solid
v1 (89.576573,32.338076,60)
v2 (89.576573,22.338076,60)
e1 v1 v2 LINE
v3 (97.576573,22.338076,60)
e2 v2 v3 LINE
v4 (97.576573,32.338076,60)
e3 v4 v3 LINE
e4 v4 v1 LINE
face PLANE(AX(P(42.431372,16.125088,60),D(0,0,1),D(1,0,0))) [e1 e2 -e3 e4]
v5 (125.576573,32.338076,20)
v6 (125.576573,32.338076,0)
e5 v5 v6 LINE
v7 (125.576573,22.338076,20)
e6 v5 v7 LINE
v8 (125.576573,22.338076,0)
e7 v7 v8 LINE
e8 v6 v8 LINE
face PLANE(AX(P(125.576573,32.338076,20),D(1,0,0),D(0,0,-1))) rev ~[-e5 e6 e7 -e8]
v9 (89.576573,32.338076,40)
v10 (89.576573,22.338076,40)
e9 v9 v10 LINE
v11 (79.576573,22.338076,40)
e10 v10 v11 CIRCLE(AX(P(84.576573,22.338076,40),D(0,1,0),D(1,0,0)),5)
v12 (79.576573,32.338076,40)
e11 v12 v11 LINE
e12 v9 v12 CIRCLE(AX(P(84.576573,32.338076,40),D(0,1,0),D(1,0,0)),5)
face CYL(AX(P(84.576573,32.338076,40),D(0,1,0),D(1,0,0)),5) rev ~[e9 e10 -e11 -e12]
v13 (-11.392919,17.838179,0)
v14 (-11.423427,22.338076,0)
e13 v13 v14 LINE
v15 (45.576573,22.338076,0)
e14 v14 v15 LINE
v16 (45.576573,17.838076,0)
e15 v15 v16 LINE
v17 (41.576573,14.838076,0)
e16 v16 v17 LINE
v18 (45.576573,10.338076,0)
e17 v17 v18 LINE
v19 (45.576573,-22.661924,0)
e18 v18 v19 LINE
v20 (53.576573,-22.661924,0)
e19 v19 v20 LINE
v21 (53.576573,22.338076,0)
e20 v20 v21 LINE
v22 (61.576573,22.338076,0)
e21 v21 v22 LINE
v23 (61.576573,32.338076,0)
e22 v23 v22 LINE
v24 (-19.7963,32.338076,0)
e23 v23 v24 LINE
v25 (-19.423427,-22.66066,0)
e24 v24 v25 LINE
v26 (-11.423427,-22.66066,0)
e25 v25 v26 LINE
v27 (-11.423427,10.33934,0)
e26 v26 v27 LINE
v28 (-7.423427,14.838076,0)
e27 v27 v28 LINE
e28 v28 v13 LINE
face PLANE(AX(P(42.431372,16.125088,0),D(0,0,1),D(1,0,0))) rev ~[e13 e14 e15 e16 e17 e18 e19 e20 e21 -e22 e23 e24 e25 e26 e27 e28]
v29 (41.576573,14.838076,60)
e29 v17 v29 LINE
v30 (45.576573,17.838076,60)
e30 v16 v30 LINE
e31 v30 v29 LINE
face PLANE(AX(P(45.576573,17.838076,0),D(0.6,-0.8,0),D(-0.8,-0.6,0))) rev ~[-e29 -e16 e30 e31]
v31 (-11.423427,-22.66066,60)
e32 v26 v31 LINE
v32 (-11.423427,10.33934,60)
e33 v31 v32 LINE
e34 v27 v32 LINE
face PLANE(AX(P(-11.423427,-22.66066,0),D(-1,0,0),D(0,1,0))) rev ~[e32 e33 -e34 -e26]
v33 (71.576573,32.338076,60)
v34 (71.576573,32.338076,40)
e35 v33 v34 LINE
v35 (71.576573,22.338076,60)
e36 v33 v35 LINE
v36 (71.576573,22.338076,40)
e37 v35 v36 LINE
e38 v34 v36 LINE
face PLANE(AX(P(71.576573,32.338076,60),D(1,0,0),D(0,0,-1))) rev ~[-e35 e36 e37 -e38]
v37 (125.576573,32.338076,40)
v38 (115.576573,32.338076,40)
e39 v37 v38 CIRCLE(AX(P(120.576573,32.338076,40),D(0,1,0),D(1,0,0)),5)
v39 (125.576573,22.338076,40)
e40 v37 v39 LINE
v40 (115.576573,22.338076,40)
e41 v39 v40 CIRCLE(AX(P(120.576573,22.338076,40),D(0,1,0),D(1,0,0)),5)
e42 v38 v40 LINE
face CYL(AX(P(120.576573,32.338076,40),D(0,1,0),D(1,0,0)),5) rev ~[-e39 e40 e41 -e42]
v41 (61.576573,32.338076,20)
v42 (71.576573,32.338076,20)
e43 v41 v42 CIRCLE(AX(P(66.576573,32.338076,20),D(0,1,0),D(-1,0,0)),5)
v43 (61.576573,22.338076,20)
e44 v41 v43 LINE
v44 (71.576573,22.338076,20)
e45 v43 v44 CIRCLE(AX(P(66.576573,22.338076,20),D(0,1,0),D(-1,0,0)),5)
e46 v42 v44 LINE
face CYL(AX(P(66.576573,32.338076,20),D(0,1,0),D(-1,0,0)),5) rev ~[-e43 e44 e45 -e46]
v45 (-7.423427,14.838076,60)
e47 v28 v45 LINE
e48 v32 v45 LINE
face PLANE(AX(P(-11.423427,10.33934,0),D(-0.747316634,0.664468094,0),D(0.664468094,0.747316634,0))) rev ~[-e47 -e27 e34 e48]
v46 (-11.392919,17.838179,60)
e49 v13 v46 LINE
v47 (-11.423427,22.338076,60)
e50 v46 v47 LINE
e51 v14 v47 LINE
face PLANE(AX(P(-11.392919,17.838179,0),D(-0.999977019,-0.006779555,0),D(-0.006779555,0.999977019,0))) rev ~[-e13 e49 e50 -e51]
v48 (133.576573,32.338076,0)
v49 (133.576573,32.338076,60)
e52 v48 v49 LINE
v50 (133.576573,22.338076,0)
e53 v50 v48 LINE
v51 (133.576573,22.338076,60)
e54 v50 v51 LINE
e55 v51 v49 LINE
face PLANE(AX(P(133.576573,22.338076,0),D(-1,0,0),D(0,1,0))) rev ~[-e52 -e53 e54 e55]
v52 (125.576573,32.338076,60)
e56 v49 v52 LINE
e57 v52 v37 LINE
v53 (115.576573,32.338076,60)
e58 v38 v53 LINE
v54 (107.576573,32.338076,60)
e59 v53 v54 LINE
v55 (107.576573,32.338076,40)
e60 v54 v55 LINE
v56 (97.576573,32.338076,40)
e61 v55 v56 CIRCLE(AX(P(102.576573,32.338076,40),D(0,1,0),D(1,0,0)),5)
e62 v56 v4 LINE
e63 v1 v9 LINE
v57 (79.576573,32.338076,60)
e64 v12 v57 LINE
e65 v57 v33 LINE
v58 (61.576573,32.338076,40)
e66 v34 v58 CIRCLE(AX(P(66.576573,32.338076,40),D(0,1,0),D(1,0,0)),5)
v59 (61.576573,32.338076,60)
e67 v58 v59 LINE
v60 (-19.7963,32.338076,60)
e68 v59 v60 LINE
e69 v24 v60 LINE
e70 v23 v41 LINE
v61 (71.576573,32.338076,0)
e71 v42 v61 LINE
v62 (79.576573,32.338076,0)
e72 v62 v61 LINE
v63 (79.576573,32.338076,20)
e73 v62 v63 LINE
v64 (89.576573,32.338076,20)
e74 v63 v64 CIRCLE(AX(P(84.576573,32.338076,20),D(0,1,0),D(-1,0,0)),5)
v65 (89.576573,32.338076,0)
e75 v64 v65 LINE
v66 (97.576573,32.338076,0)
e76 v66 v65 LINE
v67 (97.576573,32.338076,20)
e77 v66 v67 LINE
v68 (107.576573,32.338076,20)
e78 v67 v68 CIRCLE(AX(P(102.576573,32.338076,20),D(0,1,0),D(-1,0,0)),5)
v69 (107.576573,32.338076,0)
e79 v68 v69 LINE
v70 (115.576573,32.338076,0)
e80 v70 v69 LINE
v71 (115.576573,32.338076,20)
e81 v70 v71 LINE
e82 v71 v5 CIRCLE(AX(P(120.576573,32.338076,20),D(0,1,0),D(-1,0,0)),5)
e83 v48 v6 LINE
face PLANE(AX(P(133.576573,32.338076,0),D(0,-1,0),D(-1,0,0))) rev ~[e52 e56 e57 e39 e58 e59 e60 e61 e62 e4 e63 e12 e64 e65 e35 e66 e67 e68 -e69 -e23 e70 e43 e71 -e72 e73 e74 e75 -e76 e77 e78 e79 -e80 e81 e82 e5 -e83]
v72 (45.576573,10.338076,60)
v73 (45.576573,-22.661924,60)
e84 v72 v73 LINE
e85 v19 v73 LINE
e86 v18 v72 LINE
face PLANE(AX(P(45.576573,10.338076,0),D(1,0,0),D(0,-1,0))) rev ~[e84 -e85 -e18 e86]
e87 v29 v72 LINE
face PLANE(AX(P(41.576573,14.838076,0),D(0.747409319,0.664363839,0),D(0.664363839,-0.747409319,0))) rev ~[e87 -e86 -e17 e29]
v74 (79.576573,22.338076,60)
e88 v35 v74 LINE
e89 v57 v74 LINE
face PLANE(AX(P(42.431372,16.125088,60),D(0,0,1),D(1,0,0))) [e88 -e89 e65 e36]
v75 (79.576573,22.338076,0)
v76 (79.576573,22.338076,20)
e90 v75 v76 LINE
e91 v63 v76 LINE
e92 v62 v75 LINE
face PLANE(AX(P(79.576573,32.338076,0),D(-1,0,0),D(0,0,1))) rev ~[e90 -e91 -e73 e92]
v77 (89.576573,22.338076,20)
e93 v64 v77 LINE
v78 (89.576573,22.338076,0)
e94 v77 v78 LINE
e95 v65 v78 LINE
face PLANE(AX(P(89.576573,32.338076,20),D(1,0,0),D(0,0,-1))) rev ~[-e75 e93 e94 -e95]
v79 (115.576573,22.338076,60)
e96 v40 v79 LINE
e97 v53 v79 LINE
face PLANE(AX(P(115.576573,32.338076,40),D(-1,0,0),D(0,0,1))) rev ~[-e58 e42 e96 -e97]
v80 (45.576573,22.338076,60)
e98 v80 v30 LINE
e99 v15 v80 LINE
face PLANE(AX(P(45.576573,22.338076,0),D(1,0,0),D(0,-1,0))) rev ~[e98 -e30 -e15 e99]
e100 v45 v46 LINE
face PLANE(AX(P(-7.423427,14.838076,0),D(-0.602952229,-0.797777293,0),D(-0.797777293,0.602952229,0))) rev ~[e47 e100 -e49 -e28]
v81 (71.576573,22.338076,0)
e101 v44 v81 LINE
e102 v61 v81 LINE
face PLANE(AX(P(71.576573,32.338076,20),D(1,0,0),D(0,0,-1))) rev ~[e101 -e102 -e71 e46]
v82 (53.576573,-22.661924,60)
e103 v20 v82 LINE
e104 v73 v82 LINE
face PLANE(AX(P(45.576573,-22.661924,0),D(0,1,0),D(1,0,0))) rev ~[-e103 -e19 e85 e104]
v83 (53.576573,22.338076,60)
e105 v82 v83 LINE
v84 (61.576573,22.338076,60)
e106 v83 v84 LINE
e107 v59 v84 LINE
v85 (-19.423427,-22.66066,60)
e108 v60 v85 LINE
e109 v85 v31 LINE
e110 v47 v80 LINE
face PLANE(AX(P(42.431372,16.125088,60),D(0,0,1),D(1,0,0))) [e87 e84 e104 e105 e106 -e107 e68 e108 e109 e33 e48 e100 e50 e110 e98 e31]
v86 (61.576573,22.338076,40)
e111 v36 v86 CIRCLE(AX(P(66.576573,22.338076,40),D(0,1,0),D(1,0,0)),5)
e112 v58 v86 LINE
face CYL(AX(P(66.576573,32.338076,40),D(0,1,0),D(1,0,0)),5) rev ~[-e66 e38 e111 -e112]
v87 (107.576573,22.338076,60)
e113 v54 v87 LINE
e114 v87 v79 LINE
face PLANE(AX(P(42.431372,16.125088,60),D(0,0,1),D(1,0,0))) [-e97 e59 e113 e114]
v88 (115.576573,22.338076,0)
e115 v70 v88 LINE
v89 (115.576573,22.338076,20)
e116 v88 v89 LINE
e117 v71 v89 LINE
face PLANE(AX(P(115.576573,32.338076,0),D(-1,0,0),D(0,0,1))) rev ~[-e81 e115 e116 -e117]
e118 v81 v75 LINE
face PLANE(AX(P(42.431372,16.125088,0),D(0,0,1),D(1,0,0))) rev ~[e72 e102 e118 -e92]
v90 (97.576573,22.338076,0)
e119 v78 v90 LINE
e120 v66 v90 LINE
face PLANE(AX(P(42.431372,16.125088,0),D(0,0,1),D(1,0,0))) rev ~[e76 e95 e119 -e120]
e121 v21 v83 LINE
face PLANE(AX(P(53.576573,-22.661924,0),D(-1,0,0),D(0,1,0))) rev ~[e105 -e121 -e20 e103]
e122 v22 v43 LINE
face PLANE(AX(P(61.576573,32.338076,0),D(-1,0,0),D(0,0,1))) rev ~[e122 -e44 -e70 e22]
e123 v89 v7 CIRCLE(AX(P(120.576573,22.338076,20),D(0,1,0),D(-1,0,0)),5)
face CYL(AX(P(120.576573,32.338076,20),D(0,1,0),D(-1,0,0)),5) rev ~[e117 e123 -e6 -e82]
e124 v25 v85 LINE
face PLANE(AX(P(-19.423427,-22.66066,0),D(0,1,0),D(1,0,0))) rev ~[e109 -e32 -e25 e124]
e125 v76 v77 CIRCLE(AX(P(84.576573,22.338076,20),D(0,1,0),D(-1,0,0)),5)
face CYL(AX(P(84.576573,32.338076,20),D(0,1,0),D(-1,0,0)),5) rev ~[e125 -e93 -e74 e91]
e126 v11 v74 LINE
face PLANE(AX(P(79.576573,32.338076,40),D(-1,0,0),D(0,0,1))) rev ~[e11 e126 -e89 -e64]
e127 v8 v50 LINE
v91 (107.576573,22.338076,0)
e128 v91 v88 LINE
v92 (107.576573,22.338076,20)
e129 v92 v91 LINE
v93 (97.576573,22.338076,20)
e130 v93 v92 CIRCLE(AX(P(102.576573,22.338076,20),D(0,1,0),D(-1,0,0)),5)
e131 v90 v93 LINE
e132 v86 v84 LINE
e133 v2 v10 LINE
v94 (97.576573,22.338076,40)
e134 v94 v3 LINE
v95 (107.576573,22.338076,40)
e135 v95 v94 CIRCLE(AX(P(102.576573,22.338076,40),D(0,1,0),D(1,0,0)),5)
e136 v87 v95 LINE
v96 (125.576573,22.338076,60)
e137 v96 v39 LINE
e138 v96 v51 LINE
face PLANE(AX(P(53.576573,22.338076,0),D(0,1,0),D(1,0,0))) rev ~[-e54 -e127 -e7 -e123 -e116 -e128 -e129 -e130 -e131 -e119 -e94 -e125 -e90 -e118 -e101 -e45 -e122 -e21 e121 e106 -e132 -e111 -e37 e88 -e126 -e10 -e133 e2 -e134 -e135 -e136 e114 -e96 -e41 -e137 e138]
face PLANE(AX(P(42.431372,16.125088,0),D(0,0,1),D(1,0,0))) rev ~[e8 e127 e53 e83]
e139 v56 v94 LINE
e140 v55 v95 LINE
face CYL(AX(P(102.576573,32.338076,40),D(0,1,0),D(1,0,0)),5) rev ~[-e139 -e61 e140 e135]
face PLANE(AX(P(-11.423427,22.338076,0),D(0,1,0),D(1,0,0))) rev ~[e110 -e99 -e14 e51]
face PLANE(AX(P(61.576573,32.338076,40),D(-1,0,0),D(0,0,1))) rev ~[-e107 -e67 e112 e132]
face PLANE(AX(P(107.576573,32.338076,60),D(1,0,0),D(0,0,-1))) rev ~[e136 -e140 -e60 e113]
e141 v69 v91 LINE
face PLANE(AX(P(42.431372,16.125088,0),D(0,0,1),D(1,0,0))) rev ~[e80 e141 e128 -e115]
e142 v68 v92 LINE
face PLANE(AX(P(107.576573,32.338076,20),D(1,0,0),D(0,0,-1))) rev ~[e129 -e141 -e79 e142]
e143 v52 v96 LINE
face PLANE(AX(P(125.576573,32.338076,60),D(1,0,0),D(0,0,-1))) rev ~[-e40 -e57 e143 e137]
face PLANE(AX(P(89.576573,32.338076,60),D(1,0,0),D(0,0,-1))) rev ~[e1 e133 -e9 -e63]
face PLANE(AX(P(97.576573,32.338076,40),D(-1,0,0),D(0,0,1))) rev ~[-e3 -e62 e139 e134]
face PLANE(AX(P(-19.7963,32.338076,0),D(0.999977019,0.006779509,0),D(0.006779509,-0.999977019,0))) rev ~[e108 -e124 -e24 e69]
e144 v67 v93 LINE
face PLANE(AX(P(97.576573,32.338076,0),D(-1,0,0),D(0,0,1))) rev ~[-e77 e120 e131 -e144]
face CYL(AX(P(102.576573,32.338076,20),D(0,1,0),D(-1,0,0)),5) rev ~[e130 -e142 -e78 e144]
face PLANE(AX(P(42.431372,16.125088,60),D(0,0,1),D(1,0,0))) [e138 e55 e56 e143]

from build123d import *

# Parameters (mm, degrees)
F1_DEPTH = 60
F3_DEPTH = 11


with BuildPart() as f1:
    # F0 (on Top) → F1 (new body)
    with BuildSketch(Plane.XY):
        Polygon((-19.7963, 32.338076), (-19.423427, -22.66066), (-11.423427, -22.66066), (-11.423427, 10.33934), (-7.423427, 14.838076), (-11.392919, 17.838179), (-11.423427, 22.338076), (45.576573, 22.338076), (45.576573, 17.838076), (41.576573, 14.838076), (45.576573, 10.338076), (45.576573, -22.661924), (53.576573, -22.661924), (53.576573, 22.338076), (133.576573, 22.338076), (133.576573, 32.338076), align=None)
    extrude(amount=F1_DEPTH)

    # F2 (on face) → F3 (cut)
    with BuildSketch(Plane(origin=(0, 32.338076, 0), x_dir=(-1, 0, 0), z_dir=(0, 1, 0))):
        with BuildLine():
            Line((-115.576573, 60), (-125.576573, 60))
            Line((-125.576573, 60), (-125.576573, 40))
            ThreePointArc((-125.576573, 40), (-120.576573, 35), (-115.576573, 40))
            Line((-115.576573, 40), (-115.576573, 60))
        make_face()
        with BuildLine():
            Line((-97.576573, 60), (-107.576573, 60))
            Line((-107.576573, 60), (-107.576573, 40))
            ThreePointArc((-107.576573, 40), (-102.576573, 35), (-97.576573, 40))
            Line((-97.576573, 40), (-97.576573, 60))
        make_face()
        with BuildLine():
            Line((-79.576573, 60), (-89.576573, 60))
            Line((-89.576573, 60), (-89.576573, 40))
            ThreePointArc((-89.576573, 40), (-84.576573, 35), (-79.576573, 40))
            Line((-79.576573, 40), (-79.576573, 60))
        make_face()
        with BuildLine():
            Line((-61.576573, 60), (-71.576573, 60))
            Line((-71.576573, 60), (-71.576573, 40))
            ThreePointArc((-71.576573, 40), (-66.576573, 35), (-61.576573, 40))
            Line((-61.576573, 40), (-61.576573, 60))
        make_face()
        with BuildLine():
            Line((-89.576573, 0), (-79.576573, 0))
            Line((-79.576573, 0), (-79.576573, 20))
            ThreePointArc((-79.576573, 20), (-84.576573, 25), (-89.576573, 20))
            Line((-89.576573, 20), (-89.576573, 0))
        make_face()
        with BuildLine():
            Line((-71.576573, 20), (-71.576573, 0))
            Line((-71.576573, 0), (-61.576573, 0))
            Line((-61.576573, 0), (-61.576573, 20))
            ThreePointArc((-61.576573, 20), (-66.576573, 25), (-71.576573, 20))
        make_face()
        with BuildLine():
            Line((-107.576573, 0), (-97.576573, 0))
            Line((-97.576573, 0), (-97.576573, 20))
            ThreePointArc((-97.576573, 20), (-102.576573, 25), (-107.576573, 20))
            Line((-107.576573, 20), (-107.576573, 0))
        make_face()
        with BuildLine():
            Line((-125.576573, 20), (-125.576573, 0))
            Line((-125.576573, 0), (-115.576573, 0))
            Line((-115.576573, 0), (-115.576573, 20))
            ThreePointArc((-115.576573, 20), (-120.576573, 25), (-125.576573, 20))
        make_face()
    extrude(amount=-F3_DEPTH, mode=Mode.SUBTRACT)


solid = f1.part
